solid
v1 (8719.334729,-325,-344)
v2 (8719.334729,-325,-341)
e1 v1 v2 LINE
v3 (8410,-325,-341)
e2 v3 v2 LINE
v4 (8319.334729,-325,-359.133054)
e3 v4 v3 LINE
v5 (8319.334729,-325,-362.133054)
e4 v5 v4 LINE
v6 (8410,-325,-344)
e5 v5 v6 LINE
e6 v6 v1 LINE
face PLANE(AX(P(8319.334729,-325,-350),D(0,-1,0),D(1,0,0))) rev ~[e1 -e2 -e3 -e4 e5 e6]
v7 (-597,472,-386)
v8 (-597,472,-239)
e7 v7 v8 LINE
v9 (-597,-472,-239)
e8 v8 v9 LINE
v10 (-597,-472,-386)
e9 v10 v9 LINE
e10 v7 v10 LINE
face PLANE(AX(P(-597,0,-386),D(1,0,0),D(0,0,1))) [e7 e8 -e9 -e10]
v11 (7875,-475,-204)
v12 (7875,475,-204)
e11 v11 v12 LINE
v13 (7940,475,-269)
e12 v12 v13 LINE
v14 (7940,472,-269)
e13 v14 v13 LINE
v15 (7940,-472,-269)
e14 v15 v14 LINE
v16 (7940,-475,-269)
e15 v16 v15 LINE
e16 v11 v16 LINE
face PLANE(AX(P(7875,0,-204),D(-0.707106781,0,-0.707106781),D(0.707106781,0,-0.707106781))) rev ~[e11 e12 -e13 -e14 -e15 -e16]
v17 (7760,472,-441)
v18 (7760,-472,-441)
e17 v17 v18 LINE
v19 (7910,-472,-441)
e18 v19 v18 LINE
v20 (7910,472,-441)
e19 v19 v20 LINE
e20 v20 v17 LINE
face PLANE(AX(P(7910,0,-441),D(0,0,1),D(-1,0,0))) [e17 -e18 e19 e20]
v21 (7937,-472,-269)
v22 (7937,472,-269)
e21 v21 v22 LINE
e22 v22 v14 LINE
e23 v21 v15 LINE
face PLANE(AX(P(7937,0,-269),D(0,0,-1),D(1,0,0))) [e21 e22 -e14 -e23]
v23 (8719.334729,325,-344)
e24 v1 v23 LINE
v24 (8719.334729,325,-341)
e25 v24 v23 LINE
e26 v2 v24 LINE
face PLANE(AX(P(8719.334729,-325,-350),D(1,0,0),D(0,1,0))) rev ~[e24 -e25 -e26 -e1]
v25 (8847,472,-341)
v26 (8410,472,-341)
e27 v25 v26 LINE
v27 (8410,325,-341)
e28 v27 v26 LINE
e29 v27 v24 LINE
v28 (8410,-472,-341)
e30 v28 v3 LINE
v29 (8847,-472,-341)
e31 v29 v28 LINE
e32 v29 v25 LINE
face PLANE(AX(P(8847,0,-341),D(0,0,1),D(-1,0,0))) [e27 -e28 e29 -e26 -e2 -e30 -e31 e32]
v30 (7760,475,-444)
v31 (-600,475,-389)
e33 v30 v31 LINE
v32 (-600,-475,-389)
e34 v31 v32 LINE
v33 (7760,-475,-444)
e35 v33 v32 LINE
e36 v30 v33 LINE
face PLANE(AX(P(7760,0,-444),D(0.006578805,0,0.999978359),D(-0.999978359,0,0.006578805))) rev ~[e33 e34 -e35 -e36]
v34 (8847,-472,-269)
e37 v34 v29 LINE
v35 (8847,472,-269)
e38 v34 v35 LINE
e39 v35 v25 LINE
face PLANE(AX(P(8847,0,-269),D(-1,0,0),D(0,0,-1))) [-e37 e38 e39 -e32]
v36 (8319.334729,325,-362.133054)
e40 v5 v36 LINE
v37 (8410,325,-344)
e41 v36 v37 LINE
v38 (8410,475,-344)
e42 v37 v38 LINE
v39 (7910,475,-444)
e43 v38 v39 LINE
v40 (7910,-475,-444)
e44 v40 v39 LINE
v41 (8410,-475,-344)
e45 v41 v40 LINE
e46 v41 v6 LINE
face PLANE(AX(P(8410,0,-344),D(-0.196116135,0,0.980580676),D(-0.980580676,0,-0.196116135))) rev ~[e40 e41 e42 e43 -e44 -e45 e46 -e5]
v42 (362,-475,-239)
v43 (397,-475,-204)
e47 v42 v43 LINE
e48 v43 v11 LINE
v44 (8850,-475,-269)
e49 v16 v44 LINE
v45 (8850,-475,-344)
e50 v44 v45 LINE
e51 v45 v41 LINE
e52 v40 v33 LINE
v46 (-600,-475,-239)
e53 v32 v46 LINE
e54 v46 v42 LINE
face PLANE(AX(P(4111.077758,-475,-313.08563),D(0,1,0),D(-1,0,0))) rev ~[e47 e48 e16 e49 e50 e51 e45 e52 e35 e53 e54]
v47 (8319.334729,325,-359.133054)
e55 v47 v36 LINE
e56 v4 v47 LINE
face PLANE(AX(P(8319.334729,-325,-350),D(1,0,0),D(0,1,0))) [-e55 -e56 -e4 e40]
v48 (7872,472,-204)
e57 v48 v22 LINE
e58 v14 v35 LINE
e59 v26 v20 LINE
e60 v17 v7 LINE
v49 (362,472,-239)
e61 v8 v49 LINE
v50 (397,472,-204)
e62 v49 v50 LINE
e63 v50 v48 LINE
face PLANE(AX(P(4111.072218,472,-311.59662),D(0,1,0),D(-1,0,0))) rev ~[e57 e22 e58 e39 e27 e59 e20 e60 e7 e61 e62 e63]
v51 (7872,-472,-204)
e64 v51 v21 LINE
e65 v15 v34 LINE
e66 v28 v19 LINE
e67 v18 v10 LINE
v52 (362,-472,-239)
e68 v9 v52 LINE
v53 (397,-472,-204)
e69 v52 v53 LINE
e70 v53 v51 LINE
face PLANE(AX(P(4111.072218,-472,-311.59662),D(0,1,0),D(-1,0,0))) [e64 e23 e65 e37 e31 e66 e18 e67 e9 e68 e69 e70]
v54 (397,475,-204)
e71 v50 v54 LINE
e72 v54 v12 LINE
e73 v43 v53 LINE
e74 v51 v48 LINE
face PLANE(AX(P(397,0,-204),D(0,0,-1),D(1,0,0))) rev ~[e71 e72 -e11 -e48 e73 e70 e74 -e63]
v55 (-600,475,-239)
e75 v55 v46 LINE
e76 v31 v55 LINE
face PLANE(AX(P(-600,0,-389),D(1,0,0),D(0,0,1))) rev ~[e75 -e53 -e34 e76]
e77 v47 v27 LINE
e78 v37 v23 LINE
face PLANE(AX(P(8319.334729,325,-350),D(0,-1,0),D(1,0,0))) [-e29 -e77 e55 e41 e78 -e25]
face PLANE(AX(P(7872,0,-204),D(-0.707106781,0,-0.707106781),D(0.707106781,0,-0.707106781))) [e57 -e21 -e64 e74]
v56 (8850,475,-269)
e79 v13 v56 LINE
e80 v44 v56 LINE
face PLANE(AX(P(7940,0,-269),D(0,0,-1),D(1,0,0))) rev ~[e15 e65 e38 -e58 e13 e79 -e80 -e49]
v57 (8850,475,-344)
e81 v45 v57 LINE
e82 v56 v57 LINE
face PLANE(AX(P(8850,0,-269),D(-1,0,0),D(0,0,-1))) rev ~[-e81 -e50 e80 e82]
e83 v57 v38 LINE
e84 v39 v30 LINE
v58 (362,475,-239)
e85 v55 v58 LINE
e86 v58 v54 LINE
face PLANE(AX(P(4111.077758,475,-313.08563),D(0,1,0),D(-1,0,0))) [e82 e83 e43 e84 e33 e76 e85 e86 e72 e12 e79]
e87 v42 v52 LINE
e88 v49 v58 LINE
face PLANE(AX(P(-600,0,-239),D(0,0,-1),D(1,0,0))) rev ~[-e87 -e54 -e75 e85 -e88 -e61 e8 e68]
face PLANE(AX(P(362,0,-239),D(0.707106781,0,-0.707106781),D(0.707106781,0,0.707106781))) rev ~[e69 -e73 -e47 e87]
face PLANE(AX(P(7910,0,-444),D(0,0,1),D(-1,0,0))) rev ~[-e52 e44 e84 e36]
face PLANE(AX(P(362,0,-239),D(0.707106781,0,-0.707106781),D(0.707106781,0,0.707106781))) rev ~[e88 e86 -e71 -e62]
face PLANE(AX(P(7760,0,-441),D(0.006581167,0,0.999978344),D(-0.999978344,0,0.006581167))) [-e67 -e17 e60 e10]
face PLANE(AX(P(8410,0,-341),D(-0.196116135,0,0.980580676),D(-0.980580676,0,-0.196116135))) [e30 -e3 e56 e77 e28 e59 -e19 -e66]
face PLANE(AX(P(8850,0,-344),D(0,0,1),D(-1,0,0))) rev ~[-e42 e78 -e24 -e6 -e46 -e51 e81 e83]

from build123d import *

# Parameters (mm, degrees)
SKETCH039_W      = 400
SKETCH039_H      = 650
EXTRUDE033_DEPTH = 25
EXTRUDE032_DEPTH = 472
EXTRUDE015_DEPTH = 475


with BuildPart() as extrude033:
    # Sketch039 → Extrude033 (new body, symmetric)
    with BuildSketch(Plane(origin=(371.334729, 0, 0), x_dir=(1, 0, 0), z_dir=(0, 0, 1))):
        with Locations((8300, 0)):
            Rectangle(SKETCH039_W, SKETCH039_H)
    extrude(amount=EXTRUDE033_DEPTH, both=True)


with BuildPart() as extrude033_1:
    # Extrude033 placement: moved
    add(extrude033.part.moved(Location((-152, 0, -350))))


with BuildPart() as extrude032:
    # Sketch040 → Extrude032 (new body, symmetric)
    with BuildSketch(Plane.XZ):
        Polygon((-597, -242), (362, -242), (397, -207), (7872, -207), (7937, -272), (8847, -272), (8847, -344), (8410, -344), (7910, -444), (7760, -444), (-597, -389), align=None)
    extrude(amount=EXTRUDE032_DEPTH, both=True)


with BuildPart() as extrude032_1:
    # Extrude032 placement: moved
    add(extrude032.part.moved(Location((0, 0, 3))))


with BuildPart() as cut004:
    # Sketch023 → Extrude015 (new body, symmetric)
    with BuildSketch(Plane.XZ):
        Polygon((-600, -239), (362, -239), (397, -204), (7875, -204), (7940, -269), (8850, -269), (8850, -344), (8410, -344), (7910, -444), (7760, -444), (-600, -389), align=None)
    extrude(amount=EXTRUDE015_DEPTH, both=True)

    # Cut002: cut Extrude032
    add(extrude032_1.part, mode=Mode.SUBTRACT)

    # Cut004: cut Extrude033
    add(extrude033_1.part, mode=Mode.SUBTRACT)


solid = cut004.part
